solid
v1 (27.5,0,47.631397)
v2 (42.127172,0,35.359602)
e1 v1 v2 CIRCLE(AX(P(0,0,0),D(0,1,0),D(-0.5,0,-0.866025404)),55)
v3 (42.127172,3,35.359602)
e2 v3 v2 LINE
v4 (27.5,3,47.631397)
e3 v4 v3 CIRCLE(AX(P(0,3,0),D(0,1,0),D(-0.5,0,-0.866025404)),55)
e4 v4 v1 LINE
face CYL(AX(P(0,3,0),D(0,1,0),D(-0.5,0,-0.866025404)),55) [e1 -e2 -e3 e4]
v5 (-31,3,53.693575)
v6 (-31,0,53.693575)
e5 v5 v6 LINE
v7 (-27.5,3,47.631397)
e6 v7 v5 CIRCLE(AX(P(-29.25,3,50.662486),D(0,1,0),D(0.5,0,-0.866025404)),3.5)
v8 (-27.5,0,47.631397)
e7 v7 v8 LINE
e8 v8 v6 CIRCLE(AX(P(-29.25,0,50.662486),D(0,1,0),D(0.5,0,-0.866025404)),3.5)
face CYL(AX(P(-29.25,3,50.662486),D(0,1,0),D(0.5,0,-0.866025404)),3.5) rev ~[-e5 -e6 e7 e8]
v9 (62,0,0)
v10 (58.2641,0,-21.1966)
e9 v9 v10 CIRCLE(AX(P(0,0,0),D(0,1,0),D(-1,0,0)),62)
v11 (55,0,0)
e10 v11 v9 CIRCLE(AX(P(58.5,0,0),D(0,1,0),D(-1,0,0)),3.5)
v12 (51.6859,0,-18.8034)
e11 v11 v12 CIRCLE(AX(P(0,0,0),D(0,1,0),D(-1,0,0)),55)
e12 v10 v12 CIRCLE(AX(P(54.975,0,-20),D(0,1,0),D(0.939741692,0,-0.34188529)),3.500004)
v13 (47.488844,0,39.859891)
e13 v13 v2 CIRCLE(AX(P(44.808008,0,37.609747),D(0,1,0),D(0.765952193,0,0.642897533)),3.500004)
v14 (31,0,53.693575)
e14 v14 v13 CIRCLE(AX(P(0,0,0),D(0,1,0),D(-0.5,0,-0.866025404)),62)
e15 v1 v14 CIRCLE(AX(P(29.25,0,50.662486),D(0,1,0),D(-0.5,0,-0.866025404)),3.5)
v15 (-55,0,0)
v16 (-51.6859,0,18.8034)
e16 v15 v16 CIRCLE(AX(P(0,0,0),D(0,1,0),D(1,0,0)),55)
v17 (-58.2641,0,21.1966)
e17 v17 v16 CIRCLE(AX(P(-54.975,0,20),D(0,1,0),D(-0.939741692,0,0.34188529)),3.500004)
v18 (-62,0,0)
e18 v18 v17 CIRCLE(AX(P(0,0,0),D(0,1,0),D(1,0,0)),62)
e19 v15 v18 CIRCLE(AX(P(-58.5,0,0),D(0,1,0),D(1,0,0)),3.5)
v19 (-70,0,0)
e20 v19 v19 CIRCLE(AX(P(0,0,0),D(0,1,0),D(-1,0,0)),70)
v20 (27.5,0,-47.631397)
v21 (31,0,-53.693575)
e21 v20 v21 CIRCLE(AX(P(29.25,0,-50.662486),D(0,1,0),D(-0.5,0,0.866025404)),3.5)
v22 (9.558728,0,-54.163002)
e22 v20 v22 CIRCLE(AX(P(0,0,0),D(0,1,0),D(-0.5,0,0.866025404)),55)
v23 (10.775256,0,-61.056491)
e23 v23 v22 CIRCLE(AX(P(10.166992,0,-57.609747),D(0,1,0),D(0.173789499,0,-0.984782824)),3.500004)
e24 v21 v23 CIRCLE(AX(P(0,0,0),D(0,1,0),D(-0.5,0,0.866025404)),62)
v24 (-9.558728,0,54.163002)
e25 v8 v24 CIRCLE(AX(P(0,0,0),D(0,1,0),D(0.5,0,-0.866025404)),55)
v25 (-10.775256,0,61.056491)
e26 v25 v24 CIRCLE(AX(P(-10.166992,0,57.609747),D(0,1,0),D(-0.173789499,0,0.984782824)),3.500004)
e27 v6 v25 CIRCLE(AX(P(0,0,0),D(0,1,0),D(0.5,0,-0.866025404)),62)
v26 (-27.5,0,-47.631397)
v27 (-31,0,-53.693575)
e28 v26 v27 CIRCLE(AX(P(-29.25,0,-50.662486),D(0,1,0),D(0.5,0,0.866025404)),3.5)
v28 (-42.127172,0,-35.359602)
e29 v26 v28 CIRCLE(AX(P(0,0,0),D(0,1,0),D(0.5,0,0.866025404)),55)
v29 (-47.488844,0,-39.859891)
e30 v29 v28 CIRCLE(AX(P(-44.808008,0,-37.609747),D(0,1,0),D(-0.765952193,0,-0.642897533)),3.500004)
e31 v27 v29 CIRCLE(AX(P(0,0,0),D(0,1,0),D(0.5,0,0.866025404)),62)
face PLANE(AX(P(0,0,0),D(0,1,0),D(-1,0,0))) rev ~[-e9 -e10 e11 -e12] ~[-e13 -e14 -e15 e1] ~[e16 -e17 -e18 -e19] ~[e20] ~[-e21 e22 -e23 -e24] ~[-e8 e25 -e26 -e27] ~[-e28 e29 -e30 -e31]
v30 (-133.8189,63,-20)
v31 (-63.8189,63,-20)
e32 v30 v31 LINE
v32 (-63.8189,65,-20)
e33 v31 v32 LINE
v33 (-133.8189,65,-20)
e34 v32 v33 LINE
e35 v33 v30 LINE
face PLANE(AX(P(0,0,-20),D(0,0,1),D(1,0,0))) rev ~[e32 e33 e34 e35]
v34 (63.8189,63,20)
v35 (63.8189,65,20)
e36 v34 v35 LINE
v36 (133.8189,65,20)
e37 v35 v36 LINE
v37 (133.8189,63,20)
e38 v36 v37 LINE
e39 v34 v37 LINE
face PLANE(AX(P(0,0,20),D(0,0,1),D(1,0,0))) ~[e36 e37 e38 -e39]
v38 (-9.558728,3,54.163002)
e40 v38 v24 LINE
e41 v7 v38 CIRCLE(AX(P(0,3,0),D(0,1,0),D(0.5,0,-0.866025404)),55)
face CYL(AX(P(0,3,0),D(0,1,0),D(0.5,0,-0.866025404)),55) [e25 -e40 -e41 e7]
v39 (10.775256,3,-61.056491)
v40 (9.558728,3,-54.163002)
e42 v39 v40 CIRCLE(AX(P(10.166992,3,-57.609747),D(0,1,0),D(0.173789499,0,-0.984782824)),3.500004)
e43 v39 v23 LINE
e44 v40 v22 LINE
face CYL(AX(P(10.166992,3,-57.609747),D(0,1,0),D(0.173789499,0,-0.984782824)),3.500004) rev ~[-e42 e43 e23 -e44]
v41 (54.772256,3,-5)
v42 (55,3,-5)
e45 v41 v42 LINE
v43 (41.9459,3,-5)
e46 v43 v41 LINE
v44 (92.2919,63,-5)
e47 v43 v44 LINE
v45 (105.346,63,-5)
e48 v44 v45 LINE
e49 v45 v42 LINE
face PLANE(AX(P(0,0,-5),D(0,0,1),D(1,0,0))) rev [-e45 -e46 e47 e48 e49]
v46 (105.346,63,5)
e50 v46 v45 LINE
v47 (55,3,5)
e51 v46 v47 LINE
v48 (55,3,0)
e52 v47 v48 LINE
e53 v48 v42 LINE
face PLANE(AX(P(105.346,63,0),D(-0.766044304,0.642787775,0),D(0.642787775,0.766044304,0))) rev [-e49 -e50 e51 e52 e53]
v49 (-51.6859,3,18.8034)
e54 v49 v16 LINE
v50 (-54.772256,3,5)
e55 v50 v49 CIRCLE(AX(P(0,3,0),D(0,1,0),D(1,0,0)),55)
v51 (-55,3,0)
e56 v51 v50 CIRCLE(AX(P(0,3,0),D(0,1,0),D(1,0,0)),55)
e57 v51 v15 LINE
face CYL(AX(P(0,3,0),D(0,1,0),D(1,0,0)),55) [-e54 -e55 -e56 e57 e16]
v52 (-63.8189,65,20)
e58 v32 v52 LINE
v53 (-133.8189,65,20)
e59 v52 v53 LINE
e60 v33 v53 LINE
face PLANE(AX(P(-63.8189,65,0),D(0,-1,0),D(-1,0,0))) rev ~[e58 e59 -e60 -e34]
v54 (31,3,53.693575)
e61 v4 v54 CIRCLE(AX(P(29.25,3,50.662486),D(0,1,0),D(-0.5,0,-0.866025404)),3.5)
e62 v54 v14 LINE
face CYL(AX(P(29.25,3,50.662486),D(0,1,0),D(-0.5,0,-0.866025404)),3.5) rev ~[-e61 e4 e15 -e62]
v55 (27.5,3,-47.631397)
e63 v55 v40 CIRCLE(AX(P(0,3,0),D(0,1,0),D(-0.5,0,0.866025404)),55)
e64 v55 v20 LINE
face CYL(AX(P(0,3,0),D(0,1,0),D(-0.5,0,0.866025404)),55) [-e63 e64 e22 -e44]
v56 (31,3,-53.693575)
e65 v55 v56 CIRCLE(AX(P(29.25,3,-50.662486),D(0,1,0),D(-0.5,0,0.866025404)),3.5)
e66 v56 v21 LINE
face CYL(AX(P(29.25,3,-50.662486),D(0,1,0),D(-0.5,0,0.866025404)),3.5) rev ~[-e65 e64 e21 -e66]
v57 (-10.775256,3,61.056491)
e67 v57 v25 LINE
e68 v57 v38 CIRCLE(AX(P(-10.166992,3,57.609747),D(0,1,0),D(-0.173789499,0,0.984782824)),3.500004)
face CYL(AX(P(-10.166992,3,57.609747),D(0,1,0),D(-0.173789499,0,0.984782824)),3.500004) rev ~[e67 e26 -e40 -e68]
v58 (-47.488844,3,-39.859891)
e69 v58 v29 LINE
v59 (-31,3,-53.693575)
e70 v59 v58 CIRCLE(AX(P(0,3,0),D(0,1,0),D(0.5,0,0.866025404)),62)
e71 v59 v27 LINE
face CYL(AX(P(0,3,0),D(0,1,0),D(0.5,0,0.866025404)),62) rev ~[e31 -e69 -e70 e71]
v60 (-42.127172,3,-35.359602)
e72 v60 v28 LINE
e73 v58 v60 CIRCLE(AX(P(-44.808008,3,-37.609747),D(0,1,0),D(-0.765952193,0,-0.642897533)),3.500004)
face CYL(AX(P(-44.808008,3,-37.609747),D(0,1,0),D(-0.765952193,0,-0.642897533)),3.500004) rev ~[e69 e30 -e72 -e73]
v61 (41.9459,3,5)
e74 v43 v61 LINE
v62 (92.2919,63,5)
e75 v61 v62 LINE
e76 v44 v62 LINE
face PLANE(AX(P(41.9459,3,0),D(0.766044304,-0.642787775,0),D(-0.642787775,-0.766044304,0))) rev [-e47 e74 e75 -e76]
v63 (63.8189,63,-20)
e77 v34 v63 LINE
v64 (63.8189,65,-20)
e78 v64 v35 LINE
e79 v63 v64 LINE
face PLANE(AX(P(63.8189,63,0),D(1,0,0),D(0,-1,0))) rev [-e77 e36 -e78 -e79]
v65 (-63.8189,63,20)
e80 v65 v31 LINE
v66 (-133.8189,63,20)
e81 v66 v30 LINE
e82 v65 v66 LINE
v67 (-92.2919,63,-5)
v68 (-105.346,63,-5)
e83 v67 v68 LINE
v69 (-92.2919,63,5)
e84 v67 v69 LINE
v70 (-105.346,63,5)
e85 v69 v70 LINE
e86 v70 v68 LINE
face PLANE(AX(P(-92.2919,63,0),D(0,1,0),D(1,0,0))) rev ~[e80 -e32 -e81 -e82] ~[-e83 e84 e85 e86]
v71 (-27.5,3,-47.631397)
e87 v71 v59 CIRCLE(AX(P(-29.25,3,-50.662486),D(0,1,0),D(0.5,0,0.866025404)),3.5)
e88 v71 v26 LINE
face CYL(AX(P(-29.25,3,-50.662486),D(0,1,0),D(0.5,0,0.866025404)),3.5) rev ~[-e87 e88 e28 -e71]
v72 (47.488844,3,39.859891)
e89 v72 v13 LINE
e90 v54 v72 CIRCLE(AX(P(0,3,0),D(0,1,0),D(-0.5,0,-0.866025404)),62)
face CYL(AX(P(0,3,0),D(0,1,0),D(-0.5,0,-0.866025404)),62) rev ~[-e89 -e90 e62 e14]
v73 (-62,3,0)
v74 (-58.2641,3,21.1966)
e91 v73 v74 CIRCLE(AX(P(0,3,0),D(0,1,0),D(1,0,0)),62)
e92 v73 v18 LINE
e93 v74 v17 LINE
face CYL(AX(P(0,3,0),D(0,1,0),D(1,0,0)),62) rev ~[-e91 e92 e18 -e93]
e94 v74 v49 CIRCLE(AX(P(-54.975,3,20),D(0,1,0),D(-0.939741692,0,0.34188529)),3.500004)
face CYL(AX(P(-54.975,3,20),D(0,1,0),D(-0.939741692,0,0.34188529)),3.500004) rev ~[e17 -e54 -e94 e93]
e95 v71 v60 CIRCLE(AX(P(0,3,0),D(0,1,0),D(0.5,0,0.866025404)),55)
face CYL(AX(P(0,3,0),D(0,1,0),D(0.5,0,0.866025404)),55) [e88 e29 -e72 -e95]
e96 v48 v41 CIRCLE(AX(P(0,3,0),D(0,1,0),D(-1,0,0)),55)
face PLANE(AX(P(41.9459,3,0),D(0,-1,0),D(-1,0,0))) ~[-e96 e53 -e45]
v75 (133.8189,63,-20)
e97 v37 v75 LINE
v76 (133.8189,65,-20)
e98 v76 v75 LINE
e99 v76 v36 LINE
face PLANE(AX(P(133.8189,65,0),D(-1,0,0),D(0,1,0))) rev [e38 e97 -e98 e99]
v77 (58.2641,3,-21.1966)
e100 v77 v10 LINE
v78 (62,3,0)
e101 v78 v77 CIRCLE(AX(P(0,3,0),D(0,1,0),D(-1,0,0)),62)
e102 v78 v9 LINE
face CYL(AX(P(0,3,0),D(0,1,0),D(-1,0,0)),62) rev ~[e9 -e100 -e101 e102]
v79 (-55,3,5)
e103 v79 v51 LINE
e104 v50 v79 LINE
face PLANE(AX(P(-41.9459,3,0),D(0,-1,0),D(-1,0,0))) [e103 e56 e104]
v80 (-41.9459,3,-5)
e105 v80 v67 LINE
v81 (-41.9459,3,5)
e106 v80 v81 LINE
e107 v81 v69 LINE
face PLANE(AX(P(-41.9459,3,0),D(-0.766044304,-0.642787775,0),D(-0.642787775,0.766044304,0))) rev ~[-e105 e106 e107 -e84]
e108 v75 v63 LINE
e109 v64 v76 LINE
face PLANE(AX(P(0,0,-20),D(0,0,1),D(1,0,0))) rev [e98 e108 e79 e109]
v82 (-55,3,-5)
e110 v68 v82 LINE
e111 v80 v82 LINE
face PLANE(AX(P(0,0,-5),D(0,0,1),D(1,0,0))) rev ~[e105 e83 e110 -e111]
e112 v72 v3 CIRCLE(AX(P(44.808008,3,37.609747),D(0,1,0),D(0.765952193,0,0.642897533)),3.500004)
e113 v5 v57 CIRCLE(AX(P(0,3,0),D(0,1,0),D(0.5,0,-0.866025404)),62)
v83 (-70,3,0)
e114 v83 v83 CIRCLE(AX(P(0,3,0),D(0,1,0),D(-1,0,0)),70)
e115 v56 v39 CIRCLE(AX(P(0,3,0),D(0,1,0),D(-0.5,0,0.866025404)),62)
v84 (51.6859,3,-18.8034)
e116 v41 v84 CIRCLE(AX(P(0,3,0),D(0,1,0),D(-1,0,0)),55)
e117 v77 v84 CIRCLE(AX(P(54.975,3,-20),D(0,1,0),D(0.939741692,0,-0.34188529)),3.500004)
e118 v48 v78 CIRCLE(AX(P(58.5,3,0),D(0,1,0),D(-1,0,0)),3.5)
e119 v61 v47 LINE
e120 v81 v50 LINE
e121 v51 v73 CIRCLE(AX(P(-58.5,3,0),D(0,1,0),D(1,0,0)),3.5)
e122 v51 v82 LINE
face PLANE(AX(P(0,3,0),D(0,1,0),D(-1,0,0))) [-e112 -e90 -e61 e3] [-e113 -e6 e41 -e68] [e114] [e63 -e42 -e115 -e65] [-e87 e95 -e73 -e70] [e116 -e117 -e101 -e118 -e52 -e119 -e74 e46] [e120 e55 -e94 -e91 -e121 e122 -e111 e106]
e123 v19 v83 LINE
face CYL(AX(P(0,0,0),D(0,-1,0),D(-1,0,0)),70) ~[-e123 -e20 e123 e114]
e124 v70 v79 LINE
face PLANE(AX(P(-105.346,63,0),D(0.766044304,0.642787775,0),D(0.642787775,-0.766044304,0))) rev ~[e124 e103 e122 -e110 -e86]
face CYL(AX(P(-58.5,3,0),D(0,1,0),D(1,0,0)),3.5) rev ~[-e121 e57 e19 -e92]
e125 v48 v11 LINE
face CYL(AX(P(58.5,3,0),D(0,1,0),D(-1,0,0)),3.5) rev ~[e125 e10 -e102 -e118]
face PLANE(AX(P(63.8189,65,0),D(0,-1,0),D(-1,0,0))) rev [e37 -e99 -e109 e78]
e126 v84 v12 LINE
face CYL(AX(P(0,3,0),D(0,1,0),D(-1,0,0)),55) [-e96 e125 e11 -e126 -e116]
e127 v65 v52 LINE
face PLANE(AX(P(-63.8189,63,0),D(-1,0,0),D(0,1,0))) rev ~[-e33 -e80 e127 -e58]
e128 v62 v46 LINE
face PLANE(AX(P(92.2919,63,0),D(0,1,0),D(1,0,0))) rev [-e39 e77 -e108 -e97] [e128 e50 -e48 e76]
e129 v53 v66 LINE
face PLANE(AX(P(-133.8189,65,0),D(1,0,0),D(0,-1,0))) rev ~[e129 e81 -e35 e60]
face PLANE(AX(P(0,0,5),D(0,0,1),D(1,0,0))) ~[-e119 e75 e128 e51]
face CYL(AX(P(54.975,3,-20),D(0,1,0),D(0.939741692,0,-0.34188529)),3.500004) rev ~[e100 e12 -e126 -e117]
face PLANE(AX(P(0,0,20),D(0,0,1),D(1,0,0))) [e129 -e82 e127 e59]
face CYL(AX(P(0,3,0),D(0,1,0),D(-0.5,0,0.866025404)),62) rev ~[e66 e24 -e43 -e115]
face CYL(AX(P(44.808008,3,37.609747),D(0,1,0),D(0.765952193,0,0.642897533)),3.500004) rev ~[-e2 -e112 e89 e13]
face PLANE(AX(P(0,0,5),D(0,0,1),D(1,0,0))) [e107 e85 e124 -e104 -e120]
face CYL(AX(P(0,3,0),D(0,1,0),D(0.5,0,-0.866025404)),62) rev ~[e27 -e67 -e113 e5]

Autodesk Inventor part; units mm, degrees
ref_plane "YZ Plane" through (0, 0, 0) normal (1, 0, 0) x (0, 1, 0)
ref_plane "XZ Plane" through (0, 0, 0) normal (0, 1, 0) x (-1, 0, 0)
ref_plane "XY Plane" through (0, 0, 0) normal (0, 0, 1) x (1, 0, 0)
sketch "Sketch1" plane through (0, 0, 0) normal (0, 1, 0) x (-1, 0, 0)
  circle A0 centre (0, 0) radius 70
  dimension "d0" = 140
extrude "Extrusion1" add sketch "Sketch1" along normal blind 3
sketch "Sketch2" plane through (0, 3, 0) normal (0, 1, 0) x (1, 0, 0)
  circle A0 centre (0, 0) radius 62
  circle A1 centre (0, 0) radius 55
  arc A2 (-55, 0) -> (-62, 0) centre (-58.5, 0) ccw
  arc A3 (-58.2641, -21.1966) -> (-51.6859, -18.8034) centre (-54.975, -20) ccw
  dimension "d3" = 124
  dimension "d4" = 110
  dimension "d7" = 20
extrude "Extrusion2" cut sketch "Sketch2" against normal through all contours A2 A1 A3 A0 picked at (-56.7601, -18.0974)
pattern_circular "Circular Pattern1" count 6 over 360 about axis through (0, 0, 0) along (0, 1, 0) of "Extrusion2"
sketch "Sketch4" plane through (0, 0, 0) normal (0, 0, 1) x (1, 0, 0)
  line L0 (70, 3) -> (-70, 3) projected
  line L1 (-41.9459, 3) -> (-92.2919, 63)
  line L2 (-92.2919, 63) -> (-105.346, 63)
  line L3 (-105.346, 63) -> (-55, 3)
  point P0 (0, 0)
  point P1 (0, 3)
  dimension "d13" = 50
  dimension "d14" = 60
  dimension "d15" = 55
  dimension "d16" = 10
extrude "Extrusion3" add sketch "Sketch4" along normal mid plane 10
mirror "Mirror1" about plane through (0, 0, 0) normal (1, 0, 0) of "Extrusion3"
sketch "Sketch6" plane through (0, 0, 0) normal (0, 0, 1) x (1, 0, 0)
  line L0 (-63.8189, 65) -> (-133.8189, 65)
  line L1 (-133.8189, 65) -> (-133.8189, 63)
  line L2 (-133.8189, 63) -> (-63.8189, 63)
  line L3 (-63.8189, 63) -> (-63.8189, 65)
  line L4 (-63.8189, 65) -> (-133.8189, 63) construction
  line L5 (-133.8189, 65) -> (-63.8189, 63) construction
  line L6 (-105.346, 63) -> (-92.2919, 63) projected
  point P0 (0, 0)
  point P1 (-98.8189, 64)
  point P2 (-98.8189, 63)
  point P3 (-98.8189, 63)
  dimension "d22" = 2
  dimension "d23" = 70
  dimension "d24" = 0
extrude "Extrusion4" add sketch "Sketch6" along normal mid plane 40
mirror "Mirror2" about plane through (0, 0, 0) normal (1, 0, 0) of "Extrusion4"
properties part number "Bottom_plate"
